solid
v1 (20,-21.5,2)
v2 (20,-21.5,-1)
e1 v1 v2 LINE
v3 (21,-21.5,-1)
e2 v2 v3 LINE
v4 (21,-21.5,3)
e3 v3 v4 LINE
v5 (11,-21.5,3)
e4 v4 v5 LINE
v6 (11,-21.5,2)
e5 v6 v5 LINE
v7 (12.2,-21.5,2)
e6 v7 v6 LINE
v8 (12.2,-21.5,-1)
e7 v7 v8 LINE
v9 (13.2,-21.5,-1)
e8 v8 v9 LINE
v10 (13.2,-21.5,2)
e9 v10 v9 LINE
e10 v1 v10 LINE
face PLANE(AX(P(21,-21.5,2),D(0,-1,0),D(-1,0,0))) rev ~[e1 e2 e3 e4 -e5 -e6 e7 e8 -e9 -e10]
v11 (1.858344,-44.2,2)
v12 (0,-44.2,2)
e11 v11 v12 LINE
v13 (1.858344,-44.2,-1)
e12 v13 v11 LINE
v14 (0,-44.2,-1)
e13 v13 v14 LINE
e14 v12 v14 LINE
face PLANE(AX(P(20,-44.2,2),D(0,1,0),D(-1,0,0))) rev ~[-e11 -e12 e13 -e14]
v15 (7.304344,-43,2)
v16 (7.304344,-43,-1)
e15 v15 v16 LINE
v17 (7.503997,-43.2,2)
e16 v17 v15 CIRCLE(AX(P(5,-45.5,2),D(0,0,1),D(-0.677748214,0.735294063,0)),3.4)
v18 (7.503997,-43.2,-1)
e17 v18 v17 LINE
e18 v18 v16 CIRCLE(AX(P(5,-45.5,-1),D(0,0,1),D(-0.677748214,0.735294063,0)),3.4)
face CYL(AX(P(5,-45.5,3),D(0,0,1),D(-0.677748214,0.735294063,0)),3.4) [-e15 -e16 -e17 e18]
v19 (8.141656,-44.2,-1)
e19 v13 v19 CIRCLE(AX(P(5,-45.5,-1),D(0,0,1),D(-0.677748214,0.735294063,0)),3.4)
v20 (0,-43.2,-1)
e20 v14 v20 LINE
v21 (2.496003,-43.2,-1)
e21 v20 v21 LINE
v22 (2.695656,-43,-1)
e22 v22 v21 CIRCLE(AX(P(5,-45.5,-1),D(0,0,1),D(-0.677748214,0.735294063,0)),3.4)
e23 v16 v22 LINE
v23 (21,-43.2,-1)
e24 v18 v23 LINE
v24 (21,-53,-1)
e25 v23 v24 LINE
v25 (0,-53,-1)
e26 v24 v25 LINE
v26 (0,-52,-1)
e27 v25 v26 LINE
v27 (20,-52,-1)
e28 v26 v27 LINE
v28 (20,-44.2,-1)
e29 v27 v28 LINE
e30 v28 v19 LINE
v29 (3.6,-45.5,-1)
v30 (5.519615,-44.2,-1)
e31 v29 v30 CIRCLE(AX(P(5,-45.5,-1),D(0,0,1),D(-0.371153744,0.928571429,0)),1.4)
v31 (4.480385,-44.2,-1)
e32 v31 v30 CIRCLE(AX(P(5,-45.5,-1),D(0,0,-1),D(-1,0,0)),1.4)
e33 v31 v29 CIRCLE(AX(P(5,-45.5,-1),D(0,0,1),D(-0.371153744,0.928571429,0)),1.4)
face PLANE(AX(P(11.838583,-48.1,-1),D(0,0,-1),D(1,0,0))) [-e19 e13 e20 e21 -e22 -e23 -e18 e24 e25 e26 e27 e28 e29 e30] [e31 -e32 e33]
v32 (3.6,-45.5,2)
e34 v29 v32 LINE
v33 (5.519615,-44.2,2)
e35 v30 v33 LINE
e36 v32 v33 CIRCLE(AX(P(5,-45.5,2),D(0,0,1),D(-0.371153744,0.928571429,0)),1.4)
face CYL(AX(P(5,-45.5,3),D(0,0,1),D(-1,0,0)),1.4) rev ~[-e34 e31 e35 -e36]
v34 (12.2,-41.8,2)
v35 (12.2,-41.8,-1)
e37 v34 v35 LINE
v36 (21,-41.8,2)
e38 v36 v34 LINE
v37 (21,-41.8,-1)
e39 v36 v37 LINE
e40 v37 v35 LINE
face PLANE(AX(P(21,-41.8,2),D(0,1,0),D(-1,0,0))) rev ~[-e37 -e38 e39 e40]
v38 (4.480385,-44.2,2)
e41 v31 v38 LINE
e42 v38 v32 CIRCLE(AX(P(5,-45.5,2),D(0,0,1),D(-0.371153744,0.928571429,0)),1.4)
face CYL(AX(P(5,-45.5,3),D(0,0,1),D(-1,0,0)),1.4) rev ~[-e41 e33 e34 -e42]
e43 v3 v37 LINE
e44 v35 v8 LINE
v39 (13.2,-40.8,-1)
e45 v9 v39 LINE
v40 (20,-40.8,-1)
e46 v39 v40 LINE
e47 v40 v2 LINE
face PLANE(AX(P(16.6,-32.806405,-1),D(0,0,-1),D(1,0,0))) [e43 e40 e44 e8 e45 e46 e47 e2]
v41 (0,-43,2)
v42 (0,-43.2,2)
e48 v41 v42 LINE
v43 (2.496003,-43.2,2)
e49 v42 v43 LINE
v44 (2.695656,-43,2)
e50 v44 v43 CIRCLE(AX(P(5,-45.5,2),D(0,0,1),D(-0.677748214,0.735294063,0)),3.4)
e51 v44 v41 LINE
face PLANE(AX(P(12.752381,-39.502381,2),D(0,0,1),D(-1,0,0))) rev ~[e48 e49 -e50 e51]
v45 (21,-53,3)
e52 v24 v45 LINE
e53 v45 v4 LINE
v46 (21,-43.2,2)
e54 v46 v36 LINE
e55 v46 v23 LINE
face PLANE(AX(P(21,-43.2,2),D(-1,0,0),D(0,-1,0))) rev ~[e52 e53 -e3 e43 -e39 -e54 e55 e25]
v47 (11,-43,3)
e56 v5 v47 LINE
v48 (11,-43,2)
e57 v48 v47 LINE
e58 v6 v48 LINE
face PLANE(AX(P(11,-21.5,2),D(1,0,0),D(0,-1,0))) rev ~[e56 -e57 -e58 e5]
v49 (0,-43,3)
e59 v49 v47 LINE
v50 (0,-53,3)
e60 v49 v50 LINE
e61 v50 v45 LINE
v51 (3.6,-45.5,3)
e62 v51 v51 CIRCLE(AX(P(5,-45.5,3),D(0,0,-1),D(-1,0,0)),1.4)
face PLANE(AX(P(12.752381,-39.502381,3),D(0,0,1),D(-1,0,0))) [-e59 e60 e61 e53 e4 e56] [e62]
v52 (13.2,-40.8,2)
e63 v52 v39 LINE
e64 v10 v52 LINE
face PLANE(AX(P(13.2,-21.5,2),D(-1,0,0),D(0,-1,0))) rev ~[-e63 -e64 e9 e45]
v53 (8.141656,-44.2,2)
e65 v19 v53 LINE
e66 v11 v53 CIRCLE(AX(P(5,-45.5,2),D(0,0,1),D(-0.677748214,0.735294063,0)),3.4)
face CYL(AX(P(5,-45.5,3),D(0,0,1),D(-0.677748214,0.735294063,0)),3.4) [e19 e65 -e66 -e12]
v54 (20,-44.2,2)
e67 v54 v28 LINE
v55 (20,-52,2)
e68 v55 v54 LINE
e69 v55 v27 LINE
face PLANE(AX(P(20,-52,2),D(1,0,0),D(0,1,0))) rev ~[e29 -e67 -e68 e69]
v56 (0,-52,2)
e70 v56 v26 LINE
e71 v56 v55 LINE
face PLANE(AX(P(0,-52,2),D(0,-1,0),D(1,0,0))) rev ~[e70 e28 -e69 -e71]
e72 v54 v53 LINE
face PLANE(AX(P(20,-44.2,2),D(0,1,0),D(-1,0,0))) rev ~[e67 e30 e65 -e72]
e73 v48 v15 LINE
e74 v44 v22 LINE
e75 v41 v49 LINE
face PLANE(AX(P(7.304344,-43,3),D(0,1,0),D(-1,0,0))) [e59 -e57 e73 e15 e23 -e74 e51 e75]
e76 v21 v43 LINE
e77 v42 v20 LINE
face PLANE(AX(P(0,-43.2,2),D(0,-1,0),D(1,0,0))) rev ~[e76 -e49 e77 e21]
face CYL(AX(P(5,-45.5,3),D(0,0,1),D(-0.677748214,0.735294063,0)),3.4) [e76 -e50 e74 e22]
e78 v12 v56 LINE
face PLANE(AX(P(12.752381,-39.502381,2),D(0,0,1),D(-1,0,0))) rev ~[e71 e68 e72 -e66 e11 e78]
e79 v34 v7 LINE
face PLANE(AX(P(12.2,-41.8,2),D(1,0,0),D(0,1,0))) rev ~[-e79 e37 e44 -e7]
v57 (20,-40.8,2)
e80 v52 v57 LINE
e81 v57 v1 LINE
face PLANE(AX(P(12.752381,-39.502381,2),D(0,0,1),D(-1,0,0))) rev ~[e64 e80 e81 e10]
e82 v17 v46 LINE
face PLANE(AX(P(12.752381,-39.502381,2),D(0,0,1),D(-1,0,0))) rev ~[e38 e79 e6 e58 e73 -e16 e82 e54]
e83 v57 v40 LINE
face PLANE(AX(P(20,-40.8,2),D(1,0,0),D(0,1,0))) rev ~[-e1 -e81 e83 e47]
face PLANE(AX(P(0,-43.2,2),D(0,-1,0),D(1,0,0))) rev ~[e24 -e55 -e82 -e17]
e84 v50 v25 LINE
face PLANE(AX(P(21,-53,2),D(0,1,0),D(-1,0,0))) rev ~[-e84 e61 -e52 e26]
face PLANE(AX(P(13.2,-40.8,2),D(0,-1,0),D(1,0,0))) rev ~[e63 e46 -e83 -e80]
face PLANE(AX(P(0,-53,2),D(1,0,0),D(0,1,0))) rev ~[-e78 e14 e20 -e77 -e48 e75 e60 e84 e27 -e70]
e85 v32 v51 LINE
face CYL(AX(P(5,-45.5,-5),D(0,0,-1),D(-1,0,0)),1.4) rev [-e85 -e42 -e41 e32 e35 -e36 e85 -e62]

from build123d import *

# Parameters (mm, degrees)
CYLINDER005_R     = 1.4
CYLINDER005_DEPTH = 10
EXTRUDE001_DEPTH  = 3
SKETCH002_R       = 1.4
EXTRUDE002_DEPTH  = 4
EXTRUDE_DEPTH     = 1


with BuildPart() as cylinder005:
    # Cylinder005 → Cylinder005 (new body)
    with BuildSketch(Plane(origin=(-5, 2.5, -5), x_dir=(1, 0, 0), z_dir=(0, 0, 1))):
        Circle(CYLINDER005_R)
    extrude(amount=CYLINDER005_DEPTH)


with BuildPart() as extrude001:
    # Sketch001 → Extrude001 (new body)
    with BuildSketch(Plane.XY.offset(10)):
        Polygon((-21, 10), (0, 10), (0, 9), (-20, 9), (-20, 1.2), (0, 1.2), (0, 0.2), (-21, 0.2), align=None)
        Polygon((-21, -1.2), (-12.2, -1.2), (-12.2, -21.5), (-13.2, -21.5), (-13.2, -2.2), (-20, -2.2), (-20, -21.5), (-21, -21.5), align=None)
    extrude(amount=-EXTRUDE001_DEPTH)


with BuildPart() as extrude001_1:
    # Extrude001 placement: moved
    add(extrude001.part.moved(Location((0, 0, -8))))


with BuildPart() as extrude002:
    # Sketch002 → Extrude002 (new body)
    with BuildSketch(Plane.XY.offset(10)):
        with BuildLine():
            ThreePointArc((-2.695656, 0), (-5, 5.9), (-7.304344, 0))
            Line((-7.304344, 0), (-2.695656, 0))
        make_face()
        with Locations((-5, 2.5)):
            Circle(SKETCH002_R, mode=Mode.SUBTRACT)
    extrude(amount=-EXTRUDE002_DEPTH)


with BuildPart() as extrude002_1:
    # Extrude002 placement: moved
    add(extrude002.part.moved(Location((0, 0, -7))))


with BuildPart() as body001:
    # Sketch → Extrude (new body)
    with BuildSketch(Plane.XY):
        Polygon((-11, 0), (0, 0), (0, 10), (-21, 10), (-21, -21.5), (-11, -21.5), align=None)
    extrude(amount=EXTRUDE_DEPTH)


with BuildPart() as body001_1:
    # Extrude placement: moved
    add(body001.part.moved(Location((0, 0, 2))))

    # Fusion012: union Extrude001, Extrude002
    add(extrude001_1.part)
    add(extrude002_1.part)

    # Cut001: cut Cylinder005
    add(cylinder005.part, mode=Mode.SUBTRACT)


with BuildPart() as body003:
    # Part__Mirroring002: instance of Body001
    add(body001_1.part.mirror(Plane(origin=(0, -21.5, 0), x_dir=(1, 0, 0), z_dir=(0, 1, 0))))


with BuildPart() as part_mirroring004:
    # Part__Mirroring004: instance of Body003
    add(body003.part.mirror(Plane(origin=(0, -21.5, 0), x_dir=(0, -1, 0), z_dir=(1, 0, 0))))


solid = part_mirroring004.part
